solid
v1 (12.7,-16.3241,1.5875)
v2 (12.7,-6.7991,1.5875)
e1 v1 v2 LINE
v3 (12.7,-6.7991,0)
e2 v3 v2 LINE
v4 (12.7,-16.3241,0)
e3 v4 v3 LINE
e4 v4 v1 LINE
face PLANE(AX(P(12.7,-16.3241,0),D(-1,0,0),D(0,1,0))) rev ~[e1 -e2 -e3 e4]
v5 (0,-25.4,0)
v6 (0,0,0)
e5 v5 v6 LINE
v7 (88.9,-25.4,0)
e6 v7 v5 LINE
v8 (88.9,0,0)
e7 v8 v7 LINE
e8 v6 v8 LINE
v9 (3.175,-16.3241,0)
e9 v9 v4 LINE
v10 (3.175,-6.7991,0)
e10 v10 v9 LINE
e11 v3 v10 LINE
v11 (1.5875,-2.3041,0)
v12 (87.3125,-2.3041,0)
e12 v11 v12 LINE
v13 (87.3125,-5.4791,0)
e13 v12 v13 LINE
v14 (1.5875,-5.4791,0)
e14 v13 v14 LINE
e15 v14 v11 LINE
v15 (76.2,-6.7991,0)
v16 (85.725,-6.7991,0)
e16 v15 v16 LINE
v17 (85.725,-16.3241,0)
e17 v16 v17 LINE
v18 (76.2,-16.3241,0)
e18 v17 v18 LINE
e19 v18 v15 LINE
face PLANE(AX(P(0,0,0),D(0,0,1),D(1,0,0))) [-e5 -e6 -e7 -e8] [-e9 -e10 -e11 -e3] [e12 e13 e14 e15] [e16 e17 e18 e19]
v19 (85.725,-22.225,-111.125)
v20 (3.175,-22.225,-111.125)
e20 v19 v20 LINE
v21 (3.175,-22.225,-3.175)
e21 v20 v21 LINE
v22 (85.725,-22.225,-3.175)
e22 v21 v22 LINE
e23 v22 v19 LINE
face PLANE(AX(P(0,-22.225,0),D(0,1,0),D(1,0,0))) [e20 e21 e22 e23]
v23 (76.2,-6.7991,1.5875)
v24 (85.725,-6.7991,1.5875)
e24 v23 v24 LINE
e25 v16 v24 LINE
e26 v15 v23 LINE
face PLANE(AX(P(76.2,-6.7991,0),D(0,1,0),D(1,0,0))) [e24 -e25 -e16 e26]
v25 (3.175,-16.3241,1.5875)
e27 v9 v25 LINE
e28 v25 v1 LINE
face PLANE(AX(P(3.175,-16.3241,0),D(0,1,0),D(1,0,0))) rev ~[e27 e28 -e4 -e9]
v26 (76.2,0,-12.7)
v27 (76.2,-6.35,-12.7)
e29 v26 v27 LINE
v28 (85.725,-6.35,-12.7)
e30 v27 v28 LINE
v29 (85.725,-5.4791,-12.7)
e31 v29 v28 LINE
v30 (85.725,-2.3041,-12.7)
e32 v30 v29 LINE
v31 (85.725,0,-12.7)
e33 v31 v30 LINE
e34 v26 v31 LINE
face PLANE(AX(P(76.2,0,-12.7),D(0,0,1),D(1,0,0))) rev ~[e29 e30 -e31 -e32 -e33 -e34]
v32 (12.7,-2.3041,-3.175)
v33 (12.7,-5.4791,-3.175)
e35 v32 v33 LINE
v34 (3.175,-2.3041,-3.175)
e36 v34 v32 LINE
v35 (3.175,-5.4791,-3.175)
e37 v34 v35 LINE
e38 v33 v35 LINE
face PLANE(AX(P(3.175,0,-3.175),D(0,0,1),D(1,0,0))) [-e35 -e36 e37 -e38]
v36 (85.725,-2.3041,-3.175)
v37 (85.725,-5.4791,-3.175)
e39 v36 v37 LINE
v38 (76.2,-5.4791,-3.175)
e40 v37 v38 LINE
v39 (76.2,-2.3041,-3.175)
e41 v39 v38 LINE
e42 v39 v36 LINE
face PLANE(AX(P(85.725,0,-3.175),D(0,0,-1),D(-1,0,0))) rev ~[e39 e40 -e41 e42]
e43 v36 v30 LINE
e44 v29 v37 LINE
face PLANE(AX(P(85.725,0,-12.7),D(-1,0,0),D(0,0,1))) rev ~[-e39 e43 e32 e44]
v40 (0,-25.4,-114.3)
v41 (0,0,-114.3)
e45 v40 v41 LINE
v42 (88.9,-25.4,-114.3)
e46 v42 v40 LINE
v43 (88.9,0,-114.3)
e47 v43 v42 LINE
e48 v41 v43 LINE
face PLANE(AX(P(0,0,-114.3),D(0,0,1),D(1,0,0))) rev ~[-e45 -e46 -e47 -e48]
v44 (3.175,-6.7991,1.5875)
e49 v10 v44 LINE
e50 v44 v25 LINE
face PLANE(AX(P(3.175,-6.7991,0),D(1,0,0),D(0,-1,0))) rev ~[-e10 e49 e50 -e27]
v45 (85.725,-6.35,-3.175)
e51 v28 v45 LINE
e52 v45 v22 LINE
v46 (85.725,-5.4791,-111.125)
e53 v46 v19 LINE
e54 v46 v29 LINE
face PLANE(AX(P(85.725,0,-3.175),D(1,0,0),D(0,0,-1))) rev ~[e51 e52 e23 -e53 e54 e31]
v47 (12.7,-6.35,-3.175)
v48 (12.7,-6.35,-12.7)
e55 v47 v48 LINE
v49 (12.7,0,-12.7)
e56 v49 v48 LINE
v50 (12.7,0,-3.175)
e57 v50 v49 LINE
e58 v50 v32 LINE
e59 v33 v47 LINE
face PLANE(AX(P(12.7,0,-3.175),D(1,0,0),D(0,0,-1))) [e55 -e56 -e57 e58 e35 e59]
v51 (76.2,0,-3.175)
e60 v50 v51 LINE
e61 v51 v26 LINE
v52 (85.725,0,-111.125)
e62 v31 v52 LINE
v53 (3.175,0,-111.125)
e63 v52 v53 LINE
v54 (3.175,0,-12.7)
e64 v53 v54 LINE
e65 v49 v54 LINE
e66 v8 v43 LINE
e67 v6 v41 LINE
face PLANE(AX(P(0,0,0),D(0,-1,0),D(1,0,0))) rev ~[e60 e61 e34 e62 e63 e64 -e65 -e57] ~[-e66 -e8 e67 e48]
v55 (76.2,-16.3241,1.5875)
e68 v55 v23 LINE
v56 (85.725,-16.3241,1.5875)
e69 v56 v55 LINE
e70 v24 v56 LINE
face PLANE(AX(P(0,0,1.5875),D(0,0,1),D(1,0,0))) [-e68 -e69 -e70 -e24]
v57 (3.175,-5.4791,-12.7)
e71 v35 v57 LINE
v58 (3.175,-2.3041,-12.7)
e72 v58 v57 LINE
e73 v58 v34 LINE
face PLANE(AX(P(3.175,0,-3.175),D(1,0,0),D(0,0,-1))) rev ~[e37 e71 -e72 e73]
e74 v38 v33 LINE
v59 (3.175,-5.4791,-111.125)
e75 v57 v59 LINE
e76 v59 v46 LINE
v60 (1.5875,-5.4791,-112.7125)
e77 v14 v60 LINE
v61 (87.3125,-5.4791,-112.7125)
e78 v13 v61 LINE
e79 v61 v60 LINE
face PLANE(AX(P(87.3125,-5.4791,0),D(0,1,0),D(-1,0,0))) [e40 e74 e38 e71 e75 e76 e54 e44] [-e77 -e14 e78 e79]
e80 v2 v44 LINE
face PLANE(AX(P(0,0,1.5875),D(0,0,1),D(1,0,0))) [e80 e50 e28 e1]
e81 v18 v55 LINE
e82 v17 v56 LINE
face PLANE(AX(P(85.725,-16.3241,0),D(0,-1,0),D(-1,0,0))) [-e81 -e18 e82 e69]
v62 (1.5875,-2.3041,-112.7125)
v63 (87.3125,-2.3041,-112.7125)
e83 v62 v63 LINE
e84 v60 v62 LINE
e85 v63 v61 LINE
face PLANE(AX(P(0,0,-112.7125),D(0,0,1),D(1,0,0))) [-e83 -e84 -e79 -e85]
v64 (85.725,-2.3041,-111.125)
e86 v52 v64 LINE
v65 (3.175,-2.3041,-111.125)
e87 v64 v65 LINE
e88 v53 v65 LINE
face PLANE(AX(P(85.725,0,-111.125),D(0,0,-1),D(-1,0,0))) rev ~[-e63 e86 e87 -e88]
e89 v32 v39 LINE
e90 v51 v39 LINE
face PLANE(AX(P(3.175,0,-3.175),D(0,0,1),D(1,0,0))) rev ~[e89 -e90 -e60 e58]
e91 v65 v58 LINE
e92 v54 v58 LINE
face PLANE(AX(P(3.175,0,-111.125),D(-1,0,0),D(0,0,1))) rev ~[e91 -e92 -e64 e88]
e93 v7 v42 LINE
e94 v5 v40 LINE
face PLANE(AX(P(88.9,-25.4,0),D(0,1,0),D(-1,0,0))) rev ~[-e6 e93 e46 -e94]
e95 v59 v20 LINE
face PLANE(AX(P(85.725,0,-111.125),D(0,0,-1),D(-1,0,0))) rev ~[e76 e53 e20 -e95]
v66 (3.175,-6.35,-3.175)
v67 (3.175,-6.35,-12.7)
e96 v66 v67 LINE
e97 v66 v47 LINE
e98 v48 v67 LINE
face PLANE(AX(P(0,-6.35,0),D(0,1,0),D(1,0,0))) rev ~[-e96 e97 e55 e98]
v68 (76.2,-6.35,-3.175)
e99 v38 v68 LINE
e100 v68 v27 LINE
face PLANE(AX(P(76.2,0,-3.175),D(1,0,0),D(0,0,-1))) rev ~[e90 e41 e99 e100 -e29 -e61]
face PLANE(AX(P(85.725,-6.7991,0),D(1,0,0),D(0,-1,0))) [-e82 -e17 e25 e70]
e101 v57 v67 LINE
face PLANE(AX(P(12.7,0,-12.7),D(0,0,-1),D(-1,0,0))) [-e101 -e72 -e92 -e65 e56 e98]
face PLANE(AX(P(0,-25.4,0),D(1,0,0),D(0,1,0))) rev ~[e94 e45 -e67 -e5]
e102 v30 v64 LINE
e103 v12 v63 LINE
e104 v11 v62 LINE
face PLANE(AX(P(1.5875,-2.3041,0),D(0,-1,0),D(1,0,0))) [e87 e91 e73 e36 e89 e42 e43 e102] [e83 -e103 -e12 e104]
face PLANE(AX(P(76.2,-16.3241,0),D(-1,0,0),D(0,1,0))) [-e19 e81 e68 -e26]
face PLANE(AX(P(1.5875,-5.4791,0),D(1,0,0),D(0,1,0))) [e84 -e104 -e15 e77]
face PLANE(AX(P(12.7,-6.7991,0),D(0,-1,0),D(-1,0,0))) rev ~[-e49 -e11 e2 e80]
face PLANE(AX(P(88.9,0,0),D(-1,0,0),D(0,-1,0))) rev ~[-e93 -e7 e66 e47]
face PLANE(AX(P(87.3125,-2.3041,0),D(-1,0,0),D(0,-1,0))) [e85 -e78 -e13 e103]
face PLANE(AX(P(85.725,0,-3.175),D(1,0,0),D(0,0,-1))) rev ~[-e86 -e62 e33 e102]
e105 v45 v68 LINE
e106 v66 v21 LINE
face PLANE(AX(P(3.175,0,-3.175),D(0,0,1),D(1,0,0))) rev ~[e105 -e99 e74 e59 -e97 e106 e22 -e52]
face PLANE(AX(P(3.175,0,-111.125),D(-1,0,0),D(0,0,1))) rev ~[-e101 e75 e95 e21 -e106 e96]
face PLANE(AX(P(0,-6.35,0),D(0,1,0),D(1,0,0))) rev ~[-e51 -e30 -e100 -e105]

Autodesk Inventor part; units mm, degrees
ref_plane "YZ Plane" through (0, 0, 0) normal (1, 0, 0) x (0, 1, 0)
ref_plane "XZ Plane" through (0, 0, 0) normal (0, 1, 0) x (-1, 0, 0)
ref_plane "XY Plane" through (0, 0, 0) normal (0, 0, 1) x (1, 0, 0)
sketch "Sketch1" plane through (0, 0, 0) normal (0, 0, 1) x (1, 0, 0)
  line L0 (0, 0) -> (88.9, 0)
  line L1 (88.9, 0) -> (88.9, -25.4)
  line L2 (88.9, -25.4) -> (0, -25.4)
  line L3 (0, -25.4) -> (0, 0)
  dimension "d0" = 88.9
  dimension "d1" = 25.4
extrude "Extrusion1" add sketch "Sketch1" against normal blind 114.3
sketch "Sketch2" plane through (0, 0, 0) normal (0, 1, 0) x (1, 0, 0)
  line L0 (0, 0) -> (88.9, 0) projected
  line L1 (88.9, 0) -> (88.9, 114.3) projected
  line L2 (0, 114.3) -> (88.9, 114.3) projected
  line L3 (0, 0) -> (0, 114.3) projected
  line L4 (3.175, 3.175) -> (85.725, 3.175)
  line L5 (85.725, 3.175) -> (85.725, 111.125)
  line L6 (85.725, 111.125) -> (3.175, 111.125)
  line L7 (3.175, 111.125) -> (3.175, 3.175)
  dimension "d4" = 3.175
  dimension "d5" = 3.175
  dimension "d6" = 3.175
  dimension "d7" = 3.175
extrude "Extrusion2" cut sketch "Sketch2" against normal blind 22.225 contours L7 L6 L5 L4
sketch "Sketch3" plane through (0, 0, 0) normal (0, 0, 1) x (1, 0, 0)
  line L0 (0, -25.4) -> (0, 0) projected
  line L1 (88.9, 0) -> (88.9, -25.4) projected
  line L2 (0, -25.4) -> (0, 0) projected
  line L3 (88.9, 0) -> (88.9, -25.4) projected
  line L4 (1.5875, -2.3041) -> (87.3125, -2.3041)
  line L5 (87.3125, -2.3041) -> (87.3125, -5.4791)
  line L6 (87.3125, -5.4791) -> (1.5875, -5.4791)
  line L7 (1.5875, -5.4791) -> (1.5875, -2.3041)
  dimension "d46" = 3.175
  dimension "d47" = 1.5875
  dimension "d49" = 1.5875
extrude "Extrusion3" cut sketch "Sketch3" against normal blind 112.7125
sketch "Sketch5" plane through (0, 0, 0) normal (0, 1, 0) x (1, 0, 0)
  line L0 (3.175, 3.175) -> (3.175, 111.125) projected
  line L1 (3.175, 3.175) -> (12.7, 3.175)
  line L2 (12.7, 3.175) -> (12.7, 12.7)
  line L3 (12.7, 12.7) -> (3.175, 12.7)
  line L4 (3.175, 12.7) -> (3.175, 3.175)
  line L5 (85.725, 3.175) -> (76.2, 3.175)
  line L6 (76.2, 3.175) -> (76.2, 12.7)
  line L7 (76.2, 12.7) -> (85.725, 12.7)
  line L8 (85.725, 12.7) -> (85.725, 3.175)
  dimension "d64" = 9.525
  dimension "d67" = 9.525
  dimension "d68" = 9.525
  dimension "d69" = 9.525
extrude "Extrusion4" add sketch "Sketch5" against normal blind 6.35
sketch "Sketch6" plane through (0, 0, 0) normal (0, 0, 1) x (1, 0, 0)
  line L0 (12.7, -6.7991) -> (3.175, -6.7991)
  line L1 (3.175, -6.7991) -> (3.175, -16.3241)
  line L2 (3.175, -16.3241) -> (12.7, -16.3241)
  line L3 (12.7, -16.3241) -> (12.7, -6.7991)
  line L4 (76.2, -6.7991) -> (85.725, -6.7991)
  line L5 (85.725, -6.7991) -> (85.725, -16.3241)
  line L6 (85.725, -16.3241) -> (76.2, -16.3241)
  line L7 (76.2, -16.3241) -> (76.2, -6.7991)
  line L8 (87.3125, -5.4791) -> (1.5875, -5.4791) projected
  line L9 (0, -25.4) -> (0, 0) projected
  line L10 (88.9, 0) -> (88.9, -25.4) projected
  dimension "d70" = 9.525
  dimension "d71" = 9.525
  dimension "d72" = 9.525
  dimension "d73" = 9.525
  dimension "d76" = 1.32
  dimension "d77" = 1.32
  dimension "d78" = 3.175
  dimension "d79" = 3.175
extrude "Extrusion5" add sketch "Sketch6" along normal blind 1.5875
equation "\"d49\" = d47"
equation "\"d65\" = d62"
equation "\"d73\" = d71"
equation "\"d79\" = d78"
equation "\"d62\" = 6.35"
properties part number "Electronics Container"
